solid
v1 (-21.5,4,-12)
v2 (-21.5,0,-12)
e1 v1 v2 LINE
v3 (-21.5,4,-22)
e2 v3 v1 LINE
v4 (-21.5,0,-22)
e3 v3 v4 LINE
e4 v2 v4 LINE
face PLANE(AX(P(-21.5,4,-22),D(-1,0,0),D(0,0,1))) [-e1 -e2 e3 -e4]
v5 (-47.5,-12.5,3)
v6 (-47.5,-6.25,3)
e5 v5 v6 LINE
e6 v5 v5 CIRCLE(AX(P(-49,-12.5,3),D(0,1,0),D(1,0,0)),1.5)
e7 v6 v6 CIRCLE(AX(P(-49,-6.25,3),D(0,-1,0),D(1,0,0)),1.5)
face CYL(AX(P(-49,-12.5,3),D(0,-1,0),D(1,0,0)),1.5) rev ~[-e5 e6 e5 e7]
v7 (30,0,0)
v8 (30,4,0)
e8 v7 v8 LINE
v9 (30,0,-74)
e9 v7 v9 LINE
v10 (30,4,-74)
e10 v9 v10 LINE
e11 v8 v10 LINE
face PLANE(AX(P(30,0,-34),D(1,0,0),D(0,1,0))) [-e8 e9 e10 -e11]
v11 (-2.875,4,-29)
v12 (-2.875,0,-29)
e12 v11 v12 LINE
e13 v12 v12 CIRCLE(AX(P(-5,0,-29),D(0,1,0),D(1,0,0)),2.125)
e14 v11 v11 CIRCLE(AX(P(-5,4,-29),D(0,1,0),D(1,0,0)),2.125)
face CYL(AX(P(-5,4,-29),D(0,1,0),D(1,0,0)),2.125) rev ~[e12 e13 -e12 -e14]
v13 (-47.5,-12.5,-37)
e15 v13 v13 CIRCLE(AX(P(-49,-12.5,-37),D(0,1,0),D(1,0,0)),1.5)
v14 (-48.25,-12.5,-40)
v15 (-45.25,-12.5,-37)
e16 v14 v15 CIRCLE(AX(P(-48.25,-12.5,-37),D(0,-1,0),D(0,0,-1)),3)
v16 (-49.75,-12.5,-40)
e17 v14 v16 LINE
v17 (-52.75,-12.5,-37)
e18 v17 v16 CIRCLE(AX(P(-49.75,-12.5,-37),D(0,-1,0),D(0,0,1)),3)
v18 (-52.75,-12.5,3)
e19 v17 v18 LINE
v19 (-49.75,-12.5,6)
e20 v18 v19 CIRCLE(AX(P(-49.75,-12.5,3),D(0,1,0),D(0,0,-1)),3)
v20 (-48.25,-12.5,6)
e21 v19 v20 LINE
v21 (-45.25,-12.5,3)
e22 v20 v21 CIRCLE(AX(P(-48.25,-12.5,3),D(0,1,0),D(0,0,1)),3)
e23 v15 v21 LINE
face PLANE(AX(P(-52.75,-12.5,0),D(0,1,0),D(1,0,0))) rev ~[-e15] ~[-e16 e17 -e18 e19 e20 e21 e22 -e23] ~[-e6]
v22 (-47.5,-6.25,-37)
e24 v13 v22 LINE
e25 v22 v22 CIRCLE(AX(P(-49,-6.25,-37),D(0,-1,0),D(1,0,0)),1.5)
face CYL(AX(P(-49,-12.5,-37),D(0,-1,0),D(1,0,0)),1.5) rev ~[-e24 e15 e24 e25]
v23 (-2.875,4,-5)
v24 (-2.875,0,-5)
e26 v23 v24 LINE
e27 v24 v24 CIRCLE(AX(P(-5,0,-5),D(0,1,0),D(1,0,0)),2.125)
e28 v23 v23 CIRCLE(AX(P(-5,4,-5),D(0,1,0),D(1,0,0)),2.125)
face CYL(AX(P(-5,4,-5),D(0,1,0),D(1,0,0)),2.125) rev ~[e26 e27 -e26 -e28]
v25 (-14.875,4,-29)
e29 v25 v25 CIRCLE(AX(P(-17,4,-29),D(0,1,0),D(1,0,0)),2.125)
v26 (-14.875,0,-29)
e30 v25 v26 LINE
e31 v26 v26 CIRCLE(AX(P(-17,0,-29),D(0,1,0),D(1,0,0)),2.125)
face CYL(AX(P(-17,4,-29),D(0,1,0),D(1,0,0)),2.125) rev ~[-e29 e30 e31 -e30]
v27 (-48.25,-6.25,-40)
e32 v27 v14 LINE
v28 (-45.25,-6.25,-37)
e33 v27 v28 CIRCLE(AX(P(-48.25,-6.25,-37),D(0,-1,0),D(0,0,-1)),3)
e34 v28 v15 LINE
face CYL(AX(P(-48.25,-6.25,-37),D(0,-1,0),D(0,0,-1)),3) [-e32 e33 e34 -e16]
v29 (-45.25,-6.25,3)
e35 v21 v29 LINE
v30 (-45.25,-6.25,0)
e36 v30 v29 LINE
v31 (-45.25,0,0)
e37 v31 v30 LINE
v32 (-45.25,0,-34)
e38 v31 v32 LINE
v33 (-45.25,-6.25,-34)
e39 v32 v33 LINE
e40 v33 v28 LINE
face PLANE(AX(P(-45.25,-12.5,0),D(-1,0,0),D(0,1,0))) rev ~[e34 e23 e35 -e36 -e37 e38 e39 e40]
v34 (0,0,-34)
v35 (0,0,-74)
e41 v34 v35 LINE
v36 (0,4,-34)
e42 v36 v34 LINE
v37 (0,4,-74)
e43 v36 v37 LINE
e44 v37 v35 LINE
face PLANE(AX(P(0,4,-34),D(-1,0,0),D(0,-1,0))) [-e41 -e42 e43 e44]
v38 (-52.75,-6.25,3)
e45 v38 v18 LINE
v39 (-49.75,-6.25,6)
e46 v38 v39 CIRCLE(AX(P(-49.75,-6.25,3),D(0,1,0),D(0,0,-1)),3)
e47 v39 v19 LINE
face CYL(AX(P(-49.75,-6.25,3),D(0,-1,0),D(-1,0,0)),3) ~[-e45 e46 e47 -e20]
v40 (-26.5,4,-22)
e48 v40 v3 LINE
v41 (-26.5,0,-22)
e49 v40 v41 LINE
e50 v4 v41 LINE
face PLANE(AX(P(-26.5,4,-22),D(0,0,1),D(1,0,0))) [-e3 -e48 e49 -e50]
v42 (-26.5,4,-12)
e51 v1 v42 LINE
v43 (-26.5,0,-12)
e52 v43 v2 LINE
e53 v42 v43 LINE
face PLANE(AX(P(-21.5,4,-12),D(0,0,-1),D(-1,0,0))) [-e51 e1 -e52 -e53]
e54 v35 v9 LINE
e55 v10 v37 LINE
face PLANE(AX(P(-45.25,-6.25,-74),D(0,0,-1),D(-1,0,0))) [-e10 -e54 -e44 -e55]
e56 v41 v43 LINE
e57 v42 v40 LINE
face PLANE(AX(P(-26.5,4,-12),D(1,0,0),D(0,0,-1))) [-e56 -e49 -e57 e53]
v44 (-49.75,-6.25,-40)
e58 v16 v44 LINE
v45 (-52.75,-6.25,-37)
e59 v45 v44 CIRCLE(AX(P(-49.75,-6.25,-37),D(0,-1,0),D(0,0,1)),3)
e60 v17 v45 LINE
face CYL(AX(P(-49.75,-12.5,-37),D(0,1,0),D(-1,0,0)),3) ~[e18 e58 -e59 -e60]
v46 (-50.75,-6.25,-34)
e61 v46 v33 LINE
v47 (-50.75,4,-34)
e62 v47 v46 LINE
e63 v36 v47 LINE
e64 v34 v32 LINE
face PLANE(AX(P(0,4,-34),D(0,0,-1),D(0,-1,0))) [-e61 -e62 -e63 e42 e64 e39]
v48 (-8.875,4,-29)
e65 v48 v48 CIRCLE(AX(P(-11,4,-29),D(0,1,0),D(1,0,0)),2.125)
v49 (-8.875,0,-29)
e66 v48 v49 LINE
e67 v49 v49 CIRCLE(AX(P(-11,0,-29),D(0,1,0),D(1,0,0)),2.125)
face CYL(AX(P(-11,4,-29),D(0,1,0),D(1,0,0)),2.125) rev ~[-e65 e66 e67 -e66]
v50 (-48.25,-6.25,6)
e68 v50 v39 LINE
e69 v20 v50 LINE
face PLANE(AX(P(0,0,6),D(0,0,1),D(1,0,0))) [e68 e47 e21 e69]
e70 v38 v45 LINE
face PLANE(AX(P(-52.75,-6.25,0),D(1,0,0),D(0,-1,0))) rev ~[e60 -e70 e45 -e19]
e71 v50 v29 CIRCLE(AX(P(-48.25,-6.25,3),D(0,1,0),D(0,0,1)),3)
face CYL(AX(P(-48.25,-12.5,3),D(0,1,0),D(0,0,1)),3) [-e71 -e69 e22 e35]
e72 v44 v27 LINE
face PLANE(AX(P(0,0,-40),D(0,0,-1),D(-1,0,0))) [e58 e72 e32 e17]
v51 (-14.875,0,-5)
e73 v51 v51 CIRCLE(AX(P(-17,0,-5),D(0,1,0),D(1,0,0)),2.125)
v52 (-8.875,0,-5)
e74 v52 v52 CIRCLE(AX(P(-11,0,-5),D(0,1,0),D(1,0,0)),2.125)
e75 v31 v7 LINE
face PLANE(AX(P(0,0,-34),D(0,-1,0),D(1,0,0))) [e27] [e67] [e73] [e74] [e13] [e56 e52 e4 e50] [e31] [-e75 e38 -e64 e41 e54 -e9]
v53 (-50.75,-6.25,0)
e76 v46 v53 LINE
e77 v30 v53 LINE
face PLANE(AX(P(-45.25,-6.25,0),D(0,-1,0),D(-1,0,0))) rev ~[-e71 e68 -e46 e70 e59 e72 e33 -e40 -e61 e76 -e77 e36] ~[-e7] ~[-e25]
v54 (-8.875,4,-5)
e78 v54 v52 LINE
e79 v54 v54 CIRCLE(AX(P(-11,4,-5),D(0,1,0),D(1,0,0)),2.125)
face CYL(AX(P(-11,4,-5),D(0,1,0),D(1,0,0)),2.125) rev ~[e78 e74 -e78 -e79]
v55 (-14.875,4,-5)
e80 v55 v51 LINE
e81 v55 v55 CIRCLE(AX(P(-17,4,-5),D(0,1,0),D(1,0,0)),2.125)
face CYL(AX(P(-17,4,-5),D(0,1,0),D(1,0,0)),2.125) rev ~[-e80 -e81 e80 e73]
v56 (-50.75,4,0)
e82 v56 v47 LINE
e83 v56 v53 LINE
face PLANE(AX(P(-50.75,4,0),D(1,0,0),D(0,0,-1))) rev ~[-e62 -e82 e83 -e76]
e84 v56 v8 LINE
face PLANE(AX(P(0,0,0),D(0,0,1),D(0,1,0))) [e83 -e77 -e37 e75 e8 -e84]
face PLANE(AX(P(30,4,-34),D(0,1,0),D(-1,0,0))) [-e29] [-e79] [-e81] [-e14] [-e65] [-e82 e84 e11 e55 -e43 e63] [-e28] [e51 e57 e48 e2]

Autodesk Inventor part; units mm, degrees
ref_plane "YZ Plane" through (0, 0, 0) normal (1, 0, 0) x (0, 1, 0)
ref_plane "XZ Plane" through (0, 0, 0) normal (0, 1, 0) x (-1, 0, 0)
ref_plane "XY Plane" through (0, 0, 0) normal (0, 0, 1) x (1, 0, 0)
sketch "Sketch1" plane through (0, 0, 0) normal (0, 1, 0) x (-1, 0, 0)
  line L0 (0, 0) -> (22, 0)
  line L1 (22, 0) -> (22, -34)
  line L2 (22, -34) -> (0, -34)
  line L3 (0, -34) -> (0, 0)
  dimension "d0" = 22
  dimension "d1" = 34
extrude "Extrusion1" add sketch "Sketch1" along normal blind 4
sketch "Sketch2" plane through (0, 4, 0) normal (0, 1, 0) x (1, 0, 0)
  line L0 (-22, 0) -> (0, 0) projected
  circle A0 centre (-5, 5) radius 2.125
  dimension "d7" = 4.25
extrude "Extrusion2" cut sketch "Sketch2" against normal through all
pattern_linear "Rectangular Pattern1" count 3 spacing 6 along (-1, 0, 0) count 2 spacing 24 along (0, 0, -1) of "Extrusion2"
sketch "Sketch3" plane through (-22, 0, -34) normal (-1, 0, 0) x (0, 0, 1)
  line L0 (34, 0) -> (0, 0)
  line L1 (0, 0) -> (0, 4)
  line L2 (0, 4) -> (34, 4)
  line L3 (34, 4) -> (34, 0)
extrude "Extrusion3" add sketch "Sketch3" along normal blind 23.25
sketch "Sketch4" plane through (0, 4, 0) normal (0, 1, 0) x (1, 0, 0)
  line L0 (-45.25, 0) -> (-50.75, 0)
  line L1 (-50.75, 0) -> (-50.75, 34)
  line L2 (-50.75, 34) -> (-45.25, 34)
  line L3 (-45.25, 34) -> (-45.25, 0)
  point P0 (0, 0)
  dimension "d18" = 5.5
extrude "Extrusion4" add sketch "Sketch4" against normal blind 16.5
sketch "Sketch5" plane through (-50.75, 4, -34) normal (-1, 0, 0) x (0, 0, 1)
  line L0 (0, -4) -> (0, -16.5) projected
  line L1 (34, -16.5) -> (0, -16.5)
  line L2 (0, -16.5) -> (0, -10.25)
  line L3 (0, -10.25) -> (34, -10.25)
  line L4 (34, -10.25) -> (34, -16.5)
  point P0 (34, -4)
  dimension "d21" = 6.25
extrude "Extrusion5" add sketch "Sketch5" along normal blind 2
sketch "Sketch6" plane through (0, 0, -34) normal (0, 0, -1) x (-1, 0, 0)
  line L0 (52.75, -6.25) -> (45.25, -6.25)
  line L1 (45.25, -6.25) -> (45.25, -12.5)
  line L2 (45.25, -12.5) -> (52.75, -12.5)
  line L3 (52.75, -12.5) -> (52.75, -6.25)
  point P0 (0, 0)
extrude "Extrusion6" add sketch "Sketch6" along normal blind 6
sketch "Sketch7" plane through (0, 0, 0) normal (0, 0, 1) x (1, 0, 0)
  line L0 (-52.75, -12.5) -> (-45.25, -12.5)
  line L1 (-45.25, -12.5) -> (-45.25, -6.25)
  line L2 (-45.25, -6.25) -> (-52.75, -6.25)
  line L3 (-52.75, -6.25) -> (-52.75, -12.5)
  point P0 (0, 0)
extrude "Extrusion7" add sketch "Sketch7" along normal blind 6
fillet "Fillet1" radius 3 1 edges at (-52.75, -9.375, 6)
fillet "Fillet2" radius 3 1 edges at (-45.25, -9.375, 6)
fillet "Fillet3" radius 3 1 edges at (-52.75, -9.375, -40)
fillet "Fillet4" radius 3 1 edges at (-45.25, -9.375, -40)
sketch "Sketch8" plane through (0, -12.5, 0) normal (0, -1, 0) x (1, 0, 0)
  line L0 (-45.25, -34) -> (-52.75, -34)
  line L1 (-52.75, 3) -> (-52.75, -37) projected
  line L2 (-45.25, -34) -> (0, -34) projected
  line L3 (-49.75, -40) -> (-48.25, -40) projected
  line L4 (-49, -40) -> (-49, -34)
  line L5 (-45.25, -34) -> (-50.75, -34) projected
  line L6 (-52.75, 0) -> (-45.25, 0)
  line L7 (-50.75, 0) -> (-45.25, 0) projected
  line L8 (-49.75, 6) -> (-48.25, 6) projected
  line L9 (-49, 6) -> (-49, 0)
  circle A0 centre (-49, -37) radius 1.5
  circle A1 centre (-49, 3) radius 1.5
  point P0 (0, 0)
  dimension "d32" = 3
  dimension "d33" = 3
extrude "Extrusion8" cut sketch "Sketch8" against normal through all
sketch "Sketch9" plane through (0, 4, 0) normal (0, 1, 0) x (1, 0, 0)
  line L0 (0, 0) -> (0, 34) projected
  line L1 (0, 17) -> (-24, 17)
  line L2 (-21.5, 12) -> (-26.5, 12)
  line L3 (-26.5, 12) -> (-26.5, 22)
  line L4 (-26.5, 22) -> (-21.5, 22)
  line L5 (-21.5, 22) -> (-21.5, 12)
  line L6 (-21.5, 12) -> (-26.5, 22) construction
  line L7 (-26.5, 12) -> (-21.5, 22) construction
  dimension "d36" = 24
  dimension "d37" = 5
  dimension "d38" = 10
extrude "Extrusion9" cut sketch "Sketch9" against normal through all
sketch "Sketch10" plane through (0, 0, 0) normal (1, 0, 0) x (0, 0, -1)
  line L0 (0, 4) -> (34, 4)
  line L1 (34, 4) -> (34, 0)
  line L2 (34, 0) -> (0, 0)
  line L3 (0, 0) -> (0, 4)
extrude "Extrusion10" add sketch "Sketch10" along normal blind 30
sketch "Sketch11" plane through (-45.25, -6.25, -34) normal (0, 0, -1) x (-1, 0, 0)
  line L0 (-75.25, 10.25) -> (-45.25, 10.25)
  line L1 (-45.25, 10.25) -> (-45.25, 6.25)
  line L2 (-45.25, 6.25) -> (-75.25, 6.25)
  line L3 (-75.25, 6.25) -> (-75.25, 10.25)
extrude "Extrusion11" add sketch "Sketch11" along normal blind 40
properties part number "CartServoMountV2"
